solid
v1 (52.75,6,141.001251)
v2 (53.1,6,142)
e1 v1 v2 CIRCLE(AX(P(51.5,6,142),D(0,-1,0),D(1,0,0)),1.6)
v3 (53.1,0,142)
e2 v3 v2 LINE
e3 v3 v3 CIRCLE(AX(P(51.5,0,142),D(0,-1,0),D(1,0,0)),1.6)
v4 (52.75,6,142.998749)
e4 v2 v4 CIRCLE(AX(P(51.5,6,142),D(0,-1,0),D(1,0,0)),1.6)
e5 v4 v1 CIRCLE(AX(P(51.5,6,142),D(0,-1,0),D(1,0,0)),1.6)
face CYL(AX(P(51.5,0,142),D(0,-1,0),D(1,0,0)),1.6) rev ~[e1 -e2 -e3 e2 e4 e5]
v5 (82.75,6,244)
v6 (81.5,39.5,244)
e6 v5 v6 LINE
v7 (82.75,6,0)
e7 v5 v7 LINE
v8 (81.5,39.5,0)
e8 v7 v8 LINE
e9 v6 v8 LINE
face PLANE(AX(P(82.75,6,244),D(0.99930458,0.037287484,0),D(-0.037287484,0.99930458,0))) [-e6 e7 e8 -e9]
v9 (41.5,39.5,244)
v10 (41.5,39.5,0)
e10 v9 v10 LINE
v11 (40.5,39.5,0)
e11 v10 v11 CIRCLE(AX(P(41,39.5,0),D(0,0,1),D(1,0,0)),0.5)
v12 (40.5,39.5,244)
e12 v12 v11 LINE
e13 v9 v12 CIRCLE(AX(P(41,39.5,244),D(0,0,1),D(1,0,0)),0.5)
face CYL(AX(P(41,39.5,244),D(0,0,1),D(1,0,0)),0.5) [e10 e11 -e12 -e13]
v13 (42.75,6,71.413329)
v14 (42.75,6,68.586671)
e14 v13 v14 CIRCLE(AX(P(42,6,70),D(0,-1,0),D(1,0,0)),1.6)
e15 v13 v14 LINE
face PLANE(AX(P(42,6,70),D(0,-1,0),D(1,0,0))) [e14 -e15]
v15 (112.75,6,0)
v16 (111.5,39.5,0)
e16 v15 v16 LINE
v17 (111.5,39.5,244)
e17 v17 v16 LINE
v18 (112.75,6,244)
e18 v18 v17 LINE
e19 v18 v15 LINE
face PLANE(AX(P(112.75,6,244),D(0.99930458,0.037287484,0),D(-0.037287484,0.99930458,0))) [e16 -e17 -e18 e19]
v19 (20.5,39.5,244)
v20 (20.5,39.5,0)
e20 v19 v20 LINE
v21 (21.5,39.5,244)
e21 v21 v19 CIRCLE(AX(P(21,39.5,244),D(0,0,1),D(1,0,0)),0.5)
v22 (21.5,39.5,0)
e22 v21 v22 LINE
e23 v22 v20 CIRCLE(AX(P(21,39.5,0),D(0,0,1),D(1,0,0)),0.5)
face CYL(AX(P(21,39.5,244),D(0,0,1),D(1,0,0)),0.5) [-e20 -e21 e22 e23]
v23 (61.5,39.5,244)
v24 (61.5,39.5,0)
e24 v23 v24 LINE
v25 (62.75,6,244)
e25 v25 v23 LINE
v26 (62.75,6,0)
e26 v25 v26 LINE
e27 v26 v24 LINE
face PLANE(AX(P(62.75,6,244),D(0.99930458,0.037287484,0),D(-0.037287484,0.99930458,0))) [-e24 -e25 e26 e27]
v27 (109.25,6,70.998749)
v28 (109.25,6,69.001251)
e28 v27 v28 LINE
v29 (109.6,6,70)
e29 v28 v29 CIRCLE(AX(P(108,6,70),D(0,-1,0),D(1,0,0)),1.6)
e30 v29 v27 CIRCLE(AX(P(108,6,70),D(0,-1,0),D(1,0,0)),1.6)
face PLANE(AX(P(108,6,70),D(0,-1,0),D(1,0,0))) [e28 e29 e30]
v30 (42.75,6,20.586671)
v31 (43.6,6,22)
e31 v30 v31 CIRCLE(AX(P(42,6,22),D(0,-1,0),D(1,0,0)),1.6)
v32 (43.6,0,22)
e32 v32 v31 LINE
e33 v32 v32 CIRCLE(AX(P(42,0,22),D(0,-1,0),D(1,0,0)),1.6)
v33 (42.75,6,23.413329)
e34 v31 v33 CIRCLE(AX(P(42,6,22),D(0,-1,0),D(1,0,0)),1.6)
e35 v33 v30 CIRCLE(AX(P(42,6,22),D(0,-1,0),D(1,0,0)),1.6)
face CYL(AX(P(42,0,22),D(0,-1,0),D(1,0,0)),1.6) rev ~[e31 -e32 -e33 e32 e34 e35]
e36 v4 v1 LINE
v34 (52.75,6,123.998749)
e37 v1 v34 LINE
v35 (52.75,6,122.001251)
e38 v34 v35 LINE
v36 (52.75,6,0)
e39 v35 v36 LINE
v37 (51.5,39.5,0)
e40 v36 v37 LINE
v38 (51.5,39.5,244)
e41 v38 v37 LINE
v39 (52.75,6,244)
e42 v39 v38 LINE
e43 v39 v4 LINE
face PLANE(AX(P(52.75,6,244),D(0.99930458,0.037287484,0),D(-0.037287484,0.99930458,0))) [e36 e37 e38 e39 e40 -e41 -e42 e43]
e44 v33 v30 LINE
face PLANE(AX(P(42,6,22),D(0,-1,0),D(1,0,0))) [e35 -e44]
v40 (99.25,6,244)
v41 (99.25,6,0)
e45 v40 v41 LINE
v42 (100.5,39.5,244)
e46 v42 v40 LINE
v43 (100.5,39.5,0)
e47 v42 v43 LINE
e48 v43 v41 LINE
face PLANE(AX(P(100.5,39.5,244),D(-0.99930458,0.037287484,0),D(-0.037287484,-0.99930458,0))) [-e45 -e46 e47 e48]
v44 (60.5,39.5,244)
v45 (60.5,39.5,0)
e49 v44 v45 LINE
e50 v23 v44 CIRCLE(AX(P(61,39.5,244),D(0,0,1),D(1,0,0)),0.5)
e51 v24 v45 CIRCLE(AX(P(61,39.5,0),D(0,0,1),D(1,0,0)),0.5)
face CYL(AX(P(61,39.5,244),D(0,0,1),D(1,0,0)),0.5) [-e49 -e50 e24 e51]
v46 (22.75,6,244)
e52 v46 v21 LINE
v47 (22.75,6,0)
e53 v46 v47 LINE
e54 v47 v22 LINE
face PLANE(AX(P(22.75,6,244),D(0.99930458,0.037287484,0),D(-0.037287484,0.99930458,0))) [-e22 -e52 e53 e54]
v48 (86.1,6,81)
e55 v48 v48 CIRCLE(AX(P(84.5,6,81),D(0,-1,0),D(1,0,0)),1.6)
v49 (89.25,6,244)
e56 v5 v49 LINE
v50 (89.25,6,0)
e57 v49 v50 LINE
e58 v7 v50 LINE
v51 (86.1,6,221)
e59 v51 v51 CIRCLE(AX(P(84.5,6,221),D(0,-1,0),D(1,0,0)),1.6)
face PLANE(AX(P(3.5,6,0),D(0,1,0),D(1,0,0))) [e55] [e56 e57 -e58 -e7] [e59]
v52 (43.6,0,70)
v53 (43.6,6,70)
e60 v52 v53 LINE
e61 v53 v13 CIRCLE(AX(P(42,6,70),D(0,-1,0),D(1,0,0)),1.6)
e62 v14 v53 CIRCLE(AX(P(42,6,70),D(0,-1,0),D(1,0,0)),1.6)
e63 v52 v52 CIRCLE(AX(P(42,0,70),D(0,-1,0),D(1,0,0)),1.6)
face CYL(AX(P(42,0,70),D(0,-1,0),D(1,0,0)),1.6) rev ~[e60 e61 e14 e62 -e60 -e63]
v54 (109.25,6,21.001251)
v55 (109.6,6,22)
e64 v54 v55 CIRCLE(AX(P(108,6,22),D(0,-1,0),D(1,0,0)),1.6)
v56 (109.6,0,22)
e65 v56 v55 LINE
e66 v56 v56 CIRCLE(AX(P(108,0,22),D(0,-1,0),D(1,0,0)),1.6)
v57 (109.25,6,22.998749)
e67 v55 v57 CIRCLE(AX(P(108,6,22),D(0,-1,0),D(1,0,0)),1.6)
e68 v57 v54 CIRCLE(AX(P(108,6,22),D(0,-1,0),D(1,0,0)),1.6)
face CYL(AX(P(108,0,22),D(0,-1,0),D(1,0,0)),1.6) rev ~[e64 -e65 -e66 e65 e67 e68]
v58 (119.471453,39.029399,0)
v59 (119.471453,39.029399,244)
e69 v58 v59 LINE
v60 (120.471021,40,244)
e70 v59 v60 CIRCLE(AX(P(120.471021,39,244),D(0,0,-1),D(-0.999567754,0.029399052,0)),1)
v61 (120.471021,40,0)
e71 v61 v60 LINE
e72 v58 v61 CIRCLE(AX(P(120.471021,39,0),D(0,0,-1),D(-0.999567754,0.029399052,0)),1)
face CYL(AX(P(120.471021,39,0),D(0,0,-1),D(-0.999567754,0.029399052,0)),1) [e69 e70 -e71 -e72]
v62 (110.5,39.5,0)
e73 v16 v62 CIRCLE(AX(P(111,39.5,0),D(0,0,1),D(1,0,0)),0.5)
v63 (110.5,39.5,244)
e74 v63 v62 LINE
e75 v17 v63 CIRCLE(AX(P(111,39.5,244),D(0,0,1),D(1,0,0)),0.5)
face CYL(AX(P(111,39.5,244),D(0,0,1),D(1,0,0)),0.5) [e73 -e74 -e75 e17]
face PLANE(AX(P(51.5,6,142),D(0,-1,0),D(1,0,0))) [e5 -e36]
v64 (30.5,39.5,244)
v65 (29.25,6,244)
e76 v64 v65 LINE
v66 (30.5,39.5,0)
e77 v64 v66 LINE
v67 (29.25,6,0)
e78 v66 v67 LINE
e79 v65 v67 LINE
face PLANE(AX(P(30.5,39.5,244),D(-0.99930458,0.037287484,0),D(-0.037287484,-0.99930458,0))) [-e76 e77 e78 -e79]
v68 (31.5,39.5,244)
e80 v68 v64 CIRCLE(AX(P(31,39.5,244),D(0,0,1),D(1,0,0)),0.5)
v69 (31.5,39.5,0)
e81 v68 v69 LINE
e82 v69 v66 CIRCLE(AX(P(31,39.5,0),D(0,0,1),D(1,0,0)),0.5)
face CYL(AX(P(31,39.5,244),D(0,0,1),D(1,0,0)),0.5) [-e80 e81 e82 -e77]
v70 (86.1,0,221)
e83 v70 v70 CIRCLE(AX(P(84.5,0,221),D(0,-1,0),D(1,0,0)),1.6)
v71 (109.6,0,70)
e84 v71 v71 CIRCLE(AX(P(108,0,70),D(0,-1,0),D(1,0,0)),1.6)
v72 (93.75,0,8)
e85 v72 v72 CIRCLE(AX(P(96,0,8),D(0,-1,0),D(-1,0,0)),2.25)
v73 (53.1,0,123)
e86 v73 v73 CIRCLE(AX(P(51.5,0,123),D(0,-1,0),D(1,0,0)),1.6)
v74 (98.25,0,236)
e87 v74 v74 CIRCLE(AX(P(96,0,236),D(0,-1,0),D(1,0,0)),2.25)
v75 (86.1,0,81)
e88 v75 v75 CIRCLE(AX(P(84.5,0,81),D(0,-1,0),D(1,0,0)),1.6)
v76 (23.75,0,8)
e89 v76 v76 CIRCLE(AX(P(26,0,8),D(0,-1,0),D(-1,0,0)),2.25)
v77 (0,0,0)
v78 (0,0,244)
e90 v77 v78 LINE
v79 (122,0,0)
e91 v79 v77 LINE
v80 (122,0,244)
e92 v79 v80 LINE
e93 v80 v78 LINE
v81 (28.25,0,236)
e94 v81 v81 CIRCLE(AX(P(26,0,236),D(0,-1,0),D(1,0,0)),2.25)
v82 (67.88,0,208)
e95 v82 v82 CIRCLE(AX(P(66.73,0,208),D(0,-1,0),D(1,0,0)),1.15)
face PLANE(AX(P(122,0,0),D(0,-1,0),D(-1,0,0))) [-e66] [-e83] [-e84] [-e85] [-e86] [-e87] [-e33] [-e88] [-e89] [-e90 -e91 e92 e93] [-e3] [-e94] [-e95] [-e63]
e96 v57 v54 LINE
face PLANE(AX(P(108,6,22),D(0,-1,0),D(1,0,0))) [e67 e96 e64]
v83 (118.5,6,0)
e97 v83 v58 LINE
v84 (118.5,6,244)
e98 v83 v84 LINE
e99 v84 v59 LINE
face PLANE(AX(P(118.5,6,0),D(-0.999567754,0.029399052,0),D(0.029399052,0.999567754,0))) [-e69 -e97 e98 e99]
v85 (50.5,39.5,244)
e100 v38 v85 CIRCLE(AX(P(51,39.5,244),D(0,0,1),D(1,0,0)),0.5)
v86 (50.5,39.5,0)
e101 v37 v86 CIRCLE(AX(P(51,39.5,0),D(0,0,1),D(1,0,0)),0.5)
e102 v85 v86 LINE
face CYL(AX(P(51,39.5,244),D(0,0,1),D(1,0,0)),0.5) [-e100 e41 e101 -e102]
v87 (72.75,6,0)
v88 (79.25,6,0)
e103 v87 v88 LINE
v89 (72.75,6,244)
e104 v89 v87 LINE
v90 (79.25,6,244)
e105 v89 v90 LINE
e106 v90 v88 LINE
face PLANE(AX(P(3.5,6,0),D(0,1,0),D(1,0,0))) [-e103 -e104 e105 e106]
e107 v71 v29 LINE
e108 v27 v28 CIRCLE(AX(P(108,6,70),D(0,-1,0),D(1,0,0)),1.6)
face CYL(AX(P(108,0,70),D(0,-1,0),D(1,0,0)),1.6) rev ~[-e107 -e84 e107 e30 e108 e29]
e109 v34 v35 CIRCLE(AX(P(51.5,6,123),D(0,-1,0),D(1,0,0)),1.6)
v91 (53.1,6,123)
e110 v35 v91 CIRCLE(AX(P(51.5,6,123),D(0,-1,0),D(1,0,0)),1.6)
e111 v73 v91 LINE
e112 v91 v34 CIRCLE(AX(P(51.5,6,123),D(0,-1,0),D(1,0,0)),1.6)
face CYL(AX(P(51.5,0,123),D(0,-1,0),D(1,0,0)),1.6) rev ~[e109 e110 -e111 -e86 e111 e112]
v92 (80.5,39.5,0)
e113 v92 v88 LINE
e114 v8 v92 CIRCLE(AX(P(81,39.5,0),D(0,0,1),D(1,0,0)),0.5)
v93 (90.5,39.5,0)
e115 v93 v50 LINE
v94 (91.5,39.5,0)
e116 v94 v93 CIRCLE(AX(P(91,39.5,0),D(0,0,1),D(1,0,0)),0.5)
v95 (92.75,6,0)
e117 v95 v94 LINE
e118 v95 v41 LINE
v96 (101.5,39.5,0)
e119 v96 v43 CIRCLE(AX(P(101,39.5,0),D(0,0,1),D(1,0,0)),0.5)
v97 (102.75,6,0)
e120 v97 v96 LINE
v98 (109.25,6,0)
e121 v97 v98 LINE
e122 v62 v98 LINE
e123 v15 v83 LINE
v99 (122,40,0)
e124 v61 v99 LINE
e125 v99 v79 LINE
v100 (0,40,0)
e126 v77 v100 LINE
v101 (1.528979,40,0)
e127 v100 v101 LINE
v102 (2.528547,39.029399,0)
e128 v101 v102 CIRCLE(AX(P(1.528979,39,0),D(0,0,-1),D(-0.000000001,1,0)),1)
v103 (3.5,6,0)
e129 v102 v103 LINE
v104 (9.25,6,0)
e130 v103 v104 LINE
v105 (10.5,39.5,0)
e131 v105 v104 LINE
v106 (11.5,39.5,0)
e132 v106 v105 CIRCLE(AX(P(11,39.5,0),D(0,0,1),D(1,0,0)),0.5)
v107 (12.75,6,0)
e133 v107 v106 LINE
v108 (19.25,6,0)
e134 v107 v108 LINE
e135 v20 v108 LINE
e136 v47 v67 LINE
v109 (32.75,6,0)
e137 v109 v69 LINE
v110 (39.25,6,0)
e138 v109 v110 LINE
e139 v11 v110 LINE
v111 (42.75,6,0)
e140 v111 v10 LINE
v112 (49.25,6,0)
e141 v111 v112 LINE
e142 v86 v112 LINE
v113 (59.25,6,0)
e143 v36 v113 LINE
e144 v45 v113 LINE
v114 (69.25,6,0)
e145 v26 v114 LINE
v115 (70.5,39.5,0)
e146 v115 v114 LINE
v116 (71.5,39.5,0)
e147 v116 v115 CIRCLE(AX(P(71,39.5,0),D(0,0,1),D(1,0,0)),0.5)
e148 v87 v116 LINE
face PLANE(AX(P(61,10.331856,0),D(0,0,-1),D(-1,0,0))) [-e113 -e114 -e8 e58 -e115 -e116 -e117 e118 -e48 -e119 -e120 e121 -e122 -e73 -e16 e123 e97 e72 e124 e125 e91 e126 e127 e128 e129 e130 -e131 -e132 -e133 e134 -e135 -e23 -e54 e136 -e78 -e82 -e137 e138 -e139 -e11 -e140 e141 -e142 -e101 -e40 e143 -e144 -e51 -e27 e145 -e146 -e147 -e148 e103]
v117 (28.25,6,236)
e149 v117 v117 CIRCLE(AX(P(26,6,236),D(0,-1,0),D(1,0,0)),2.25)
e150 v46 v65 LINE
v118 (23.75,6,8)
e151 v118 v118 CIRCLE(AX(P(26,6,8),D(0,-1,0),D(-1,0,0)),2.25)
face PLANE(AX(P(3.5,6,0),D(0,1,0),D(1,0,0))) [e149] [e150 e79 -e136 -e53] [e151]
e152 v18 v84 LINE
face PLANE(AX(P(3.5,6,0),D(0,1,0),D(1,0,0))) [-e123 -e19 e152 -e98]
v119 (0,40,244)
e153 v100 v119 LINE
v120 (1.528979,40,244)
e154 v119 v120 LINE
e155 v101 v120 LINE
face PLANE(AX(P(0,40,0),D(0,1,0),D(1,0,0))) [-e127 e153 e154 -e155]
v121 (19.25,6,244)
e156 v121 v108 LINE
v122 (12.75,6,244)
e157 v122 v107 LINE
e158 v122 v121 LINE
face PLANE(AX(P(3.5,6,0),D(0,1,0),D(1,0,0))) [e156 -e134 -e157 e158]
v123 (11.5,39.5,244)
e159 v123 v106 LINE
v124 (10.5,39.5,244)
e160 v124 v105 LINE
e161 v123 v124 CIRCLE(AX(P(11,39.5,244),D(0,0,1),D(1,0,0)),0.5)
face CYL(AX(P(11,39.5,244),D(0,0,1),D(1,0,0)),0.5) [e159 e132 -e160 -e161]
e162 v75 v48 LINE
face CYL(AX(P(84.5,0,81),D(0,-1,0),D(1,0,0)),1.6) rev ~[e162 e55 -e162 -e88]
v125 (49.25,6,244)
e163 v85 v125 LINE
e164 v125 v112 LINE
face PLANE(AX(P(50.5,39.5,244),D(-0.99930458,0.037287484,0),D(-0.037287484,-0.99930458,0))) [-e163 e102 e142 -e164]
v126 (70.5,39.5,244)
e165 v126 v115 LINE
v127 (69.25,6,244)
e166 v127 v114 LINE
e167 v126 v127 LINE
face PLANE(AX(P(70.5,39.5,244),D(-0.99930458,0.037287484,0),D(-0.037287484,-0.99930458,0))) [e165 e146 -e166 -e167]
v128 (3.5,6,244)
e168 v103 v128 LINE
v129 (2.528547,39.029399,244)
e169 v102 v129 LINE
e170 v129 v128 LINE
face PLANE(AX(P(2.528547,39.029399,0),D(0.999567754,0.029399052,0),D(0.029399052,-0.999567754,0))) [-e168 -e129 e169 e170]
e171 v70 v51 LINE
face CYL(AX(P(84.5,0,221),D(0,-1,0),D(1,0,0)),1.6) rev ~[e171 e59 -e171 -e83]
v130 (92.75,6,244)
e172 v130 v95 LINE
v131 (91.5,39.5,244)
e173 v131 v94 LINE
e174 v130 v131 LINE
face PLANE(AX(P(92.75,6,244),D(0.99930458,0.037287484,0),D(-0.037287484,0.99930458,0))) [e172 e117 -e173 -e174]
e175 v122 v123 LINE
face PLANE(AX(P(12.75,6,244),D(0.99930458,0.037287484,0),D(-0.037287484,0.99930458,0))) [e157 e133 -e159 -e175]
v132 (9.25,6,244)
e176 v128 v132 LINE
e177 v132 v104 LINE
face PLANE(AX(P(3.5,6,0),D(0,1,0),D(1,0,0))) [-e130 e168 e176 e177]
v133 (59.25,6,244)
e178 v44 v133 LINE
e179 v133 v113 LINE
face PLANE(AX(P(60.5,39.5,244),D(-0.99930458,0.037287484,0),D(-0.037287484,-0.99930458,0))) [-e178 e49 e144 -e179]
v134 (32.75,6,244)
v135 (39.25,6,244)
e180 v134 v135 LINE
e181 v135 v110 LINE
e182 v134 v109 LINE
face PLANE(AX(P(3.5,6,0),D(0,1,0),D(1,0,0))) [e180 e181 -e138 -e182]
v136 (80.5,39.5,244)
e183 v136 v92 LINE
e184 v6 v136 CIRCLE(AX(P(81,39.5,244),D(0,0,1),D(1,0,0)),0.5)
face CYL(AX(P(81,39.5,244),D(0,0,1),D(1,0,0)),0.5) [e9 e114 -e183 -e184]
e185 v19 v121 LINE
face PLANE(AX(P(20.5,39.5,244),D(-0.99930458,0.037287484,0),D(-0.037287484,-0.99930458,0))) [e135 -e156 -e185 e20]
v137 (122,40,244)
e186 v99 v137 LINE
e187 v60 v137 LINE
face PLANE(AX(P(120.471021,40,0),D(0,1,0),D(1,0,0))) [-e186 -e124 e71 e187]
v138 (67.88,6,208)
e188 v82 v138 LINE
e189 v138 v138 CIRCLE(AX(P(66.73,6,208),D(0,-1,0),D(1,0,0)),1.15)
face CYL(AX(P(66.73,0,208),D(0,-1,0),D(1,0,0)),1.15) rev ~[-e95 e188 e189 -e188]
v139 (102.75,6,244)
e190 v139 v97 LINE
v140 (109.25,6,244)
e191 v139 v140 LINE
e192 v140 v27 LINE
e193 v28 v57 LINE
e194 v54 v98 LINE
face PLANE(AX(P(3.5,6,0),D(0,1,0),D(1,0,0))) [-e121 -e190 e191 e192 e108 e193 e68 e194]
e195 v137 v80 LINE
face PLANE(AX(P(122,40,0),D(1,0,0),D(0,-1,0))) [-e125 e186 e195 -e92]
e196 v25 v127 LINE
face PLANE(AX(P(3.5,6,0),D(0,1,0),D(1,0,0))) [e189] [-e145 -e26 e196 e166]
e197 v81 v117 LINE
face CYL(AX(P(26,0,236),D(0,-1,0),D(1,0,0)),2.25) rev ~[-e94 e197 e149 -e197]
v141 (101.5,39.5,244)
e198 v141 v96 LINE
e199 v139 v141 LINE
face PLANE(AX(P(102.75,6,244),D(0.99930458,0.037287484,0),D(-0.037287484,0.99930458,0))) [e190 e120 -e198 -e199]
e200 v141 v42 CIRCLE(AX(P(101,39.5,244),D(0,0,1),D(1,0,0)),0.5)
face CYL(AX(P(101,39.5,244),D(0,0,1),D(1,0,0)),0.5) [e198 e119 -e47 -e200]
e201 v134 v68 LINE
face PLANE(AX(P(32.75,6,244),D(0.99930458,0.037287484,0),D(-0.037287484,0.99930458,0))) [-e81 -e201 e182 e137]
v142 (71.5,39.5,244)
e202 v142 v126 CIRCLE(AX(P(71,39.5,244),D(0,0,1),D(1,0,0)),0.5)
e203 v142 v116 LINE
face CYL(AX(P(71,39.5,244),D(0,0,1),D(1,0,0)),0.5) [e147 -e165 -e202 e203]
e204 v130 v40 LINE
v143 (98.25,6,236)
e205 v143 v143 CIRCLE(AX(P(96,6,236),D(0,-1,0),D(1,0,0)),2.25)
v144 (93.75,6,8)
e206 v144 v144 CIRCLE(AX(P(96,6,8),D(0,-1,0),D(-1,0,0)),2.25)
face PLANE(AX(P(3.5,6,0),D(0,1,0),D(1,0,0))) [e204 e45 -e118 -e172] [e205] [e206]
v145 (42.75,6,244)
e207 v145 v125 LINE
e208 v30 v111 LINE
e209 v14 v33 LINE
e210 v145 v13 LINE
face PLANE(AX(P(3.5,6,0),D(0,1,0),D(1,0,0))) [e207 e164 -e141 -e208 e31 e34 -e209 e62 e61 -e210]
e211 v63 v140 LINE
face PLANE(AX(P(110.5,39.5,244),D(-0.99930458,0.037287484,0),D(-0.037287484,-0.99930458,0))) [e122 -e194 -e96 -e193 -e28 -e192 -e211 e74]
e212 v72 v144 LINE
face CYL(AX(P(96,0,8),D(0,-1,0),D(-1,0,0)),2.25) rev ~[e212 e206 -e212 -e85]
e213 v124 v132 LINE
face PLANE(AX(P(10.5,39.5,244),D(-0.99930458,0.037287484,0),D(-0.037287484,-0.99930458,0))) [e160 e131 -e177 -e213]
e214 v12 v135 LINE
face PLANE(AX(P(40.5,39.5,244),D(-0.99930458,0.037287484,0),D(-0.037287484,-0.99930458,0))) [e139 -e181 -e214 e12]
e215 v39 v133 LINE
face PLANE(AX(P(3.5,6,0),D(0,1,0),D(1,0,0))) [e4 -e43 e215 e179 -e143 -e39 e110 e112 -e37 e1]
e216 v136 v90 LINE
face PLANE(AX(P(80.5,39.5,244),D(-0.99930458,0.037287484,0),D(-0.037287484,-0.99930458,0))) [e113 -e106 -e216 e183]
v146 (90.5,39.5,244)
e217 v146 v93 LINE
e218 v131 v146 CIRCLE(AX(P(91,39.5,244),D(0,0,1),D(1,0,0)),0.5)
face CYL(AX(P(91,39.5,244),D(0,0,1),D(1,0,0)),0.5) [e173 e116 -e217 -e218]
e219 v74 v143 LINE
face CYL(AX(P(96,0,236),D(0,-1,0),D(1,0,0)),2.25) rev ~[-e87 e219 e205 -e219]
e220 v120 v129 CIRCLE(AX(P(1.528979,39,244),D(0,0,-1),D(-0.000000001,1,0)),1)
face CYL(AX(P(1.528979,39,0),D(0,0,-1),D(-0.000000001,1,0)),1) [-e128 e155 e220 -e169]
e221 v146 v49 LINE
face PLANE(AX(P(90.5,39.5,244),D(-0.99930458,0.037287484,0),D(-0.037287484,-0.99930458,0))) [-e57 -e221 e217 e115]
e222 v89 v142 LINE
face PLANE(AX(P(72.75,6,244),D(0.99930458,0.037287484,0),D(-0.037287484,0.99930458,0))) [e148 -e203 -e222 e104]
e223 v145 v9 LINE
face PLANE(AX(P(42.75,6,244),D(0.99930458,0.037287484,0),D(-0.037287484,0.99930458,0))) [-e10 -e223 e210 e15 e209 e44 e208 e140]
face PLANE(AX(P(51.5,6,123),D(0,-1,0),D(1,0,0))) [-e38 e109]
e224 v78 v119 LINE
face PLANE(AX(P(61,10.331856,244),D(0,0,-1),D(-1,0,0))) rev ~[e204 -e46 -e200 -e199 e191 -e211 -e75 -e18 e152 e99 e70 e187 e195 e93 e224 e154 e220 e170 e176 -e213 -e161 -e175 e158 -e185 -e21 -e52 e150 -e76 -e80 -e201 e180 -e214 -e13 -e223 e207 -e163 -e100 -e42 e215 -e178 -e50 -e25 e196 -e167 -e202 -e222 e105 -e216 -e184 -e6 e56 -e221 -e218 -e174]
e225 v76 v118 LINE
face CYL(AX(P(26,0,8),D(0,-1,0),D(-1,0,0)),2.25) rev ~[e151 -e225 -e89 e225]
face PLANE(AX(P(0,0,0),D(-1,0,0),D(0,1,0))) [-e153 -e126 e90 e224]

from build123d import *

# Parameters (mm, degrees)
EXTRUDE_1_DEPTH       = 244
EXTRUDE_3_DEPTH       = 244
PATTERN_CURVE_1_COUNT = 11
PATTERN_CURVE_1_PITCH = 10
SKETCH_3_R            = 2.25
CUT_EXTRUDE_1_DEPTH   = 6
SKETCH_4_R            = 1.6
SKETCH_4_R_2          = 1.15
CUT_EXTRUDE_2_DEPTH   = 6


with BuildPart() as part:
    # Эскиз1 → Вытянуть1 (new body)
    with BuildSketch(Plane.XY):
        with BuildLine():
            Line((0, 40), (1.528979332, 40))
            ThreePointArc((1.528979332, 40), (2.225614441, 39.717425624), (2.528547087, 39.029399052))
            Line((2.528547087, 39.029399052), (3.5, 6))
            Line((3.5, 6), (118.5, 6))
            Line((118.5, 6), (119.471452913, 39.029399052))
            ThreePointArc((119.471452913, 39.029399052), (119.774385559, 39.717425624), (120.471020668, 40))
            Line((120.471020668, 40), (122, 40))
            Line((122, 40), (122, 0))
            Line((122, 0), (0, 0))
            Line((0, 0), (0, 40))
        make_face()
    extrude(amount=EXTRUDE_1_DEPTH)

    # Эскиз2 → Вытянуть3 (add)
    with BuildSketch(Plane.XY.offset(244)):
        with BuildLine():
            Line((10.5, 39.5), (9.25, 6))
            Line((9.25, 6), (12.75, 6))
            Line((12.75, 6), (11.5, 39.5))
            ThreePointArc((11.5, 39.5), (11, 40), (10.5, 39.5))
        make_face()
    extrude_3 = extrude(amount=-EXTRUDE_3_DEPTH)

    # Кривая1: Вытянуть3 ×11
    with Locations(*[(i * PATTERN_CURVE_1_PITCH, 0, 0) for i in range(1, PATTERN_CURVE_1_COUNT)]):
        add(extrude_3)

    # Эскиз3 → Вырез-Вытянуть1 (cut)
    with BuildSketch(Plane.XZ):
        with Locations((26, 236)):
            Circle(SKETCH_3_R)
        with Locations((96, 236)):
            Circle(SKETCH_3_R)
        with Locations(Location((96, 8, 0), (0, 0, 180))):
            Circle(SKETCH_3_R)
        with Locations(Location((26, 8, 0), (0, 0, 180))):
            Circle(SKETCH_3_R)
    extrude(amount=-CUT_EXTRUDE_1_DEPTH, mode=Mode.SUBTRACT)

    # Эскиз4 → Вырез-Вытянуть2 (cut)
    with BuildSketch(Plane(origin=(133.240090243, 0, 310.149074448), x_dir=(-1, 0, 0), z_dir=(0, -1, 0))):
        with Locations(Location((48.740090243, 89.149074448, 0), (0, 0, 180))):
            Circle(SKETCH_4_R)
        with Locations(Location((48.740090243, 229.149074448, 0), (0, 0, 180))):
            Circle(SKETCH_4_R)
        with Locations((8.990090243, 225.549074448)):
            Circle(SKETCH_4_R)
        with Locations(Location((66.510090243, 102.149074448, 0), (0, 0, 180))):
            Circle(SKETCH_4_R_2)
        with Locations(Location((81.740090243, 187.149074448, 0), (0, 0, 180))):
            Circle(SKETCH_4_R)
        with Locations(Location((91.240090243, 288.149074448, 0), (0, 0, 180))):
            Circle(SKETCH_4_R)
        with Locations(Location((91.240090243, 240.149074448, 0), (0, 0, 180))):
            Circle(SKETCH_4_R)
        with Locations(Location((25.240090243, 240.149074448, 0), (0, 0, 180))):
            Circle(SKETCH_4_R)
        with Locations(Location((25.240090243, 288.149074448, 0), (0, 0, 180))):
            Circle(SKETCH_4_R)
        with Locations(Location((81.740090243, 168.149074448, 0), (0, 0, 180))):
            Circle(SKETCH_4_R)
    extrude(amount=-CUT_EXTRUDE_2_DEPTH, mode=Mode.SUBTRACT)


solid = part.part
